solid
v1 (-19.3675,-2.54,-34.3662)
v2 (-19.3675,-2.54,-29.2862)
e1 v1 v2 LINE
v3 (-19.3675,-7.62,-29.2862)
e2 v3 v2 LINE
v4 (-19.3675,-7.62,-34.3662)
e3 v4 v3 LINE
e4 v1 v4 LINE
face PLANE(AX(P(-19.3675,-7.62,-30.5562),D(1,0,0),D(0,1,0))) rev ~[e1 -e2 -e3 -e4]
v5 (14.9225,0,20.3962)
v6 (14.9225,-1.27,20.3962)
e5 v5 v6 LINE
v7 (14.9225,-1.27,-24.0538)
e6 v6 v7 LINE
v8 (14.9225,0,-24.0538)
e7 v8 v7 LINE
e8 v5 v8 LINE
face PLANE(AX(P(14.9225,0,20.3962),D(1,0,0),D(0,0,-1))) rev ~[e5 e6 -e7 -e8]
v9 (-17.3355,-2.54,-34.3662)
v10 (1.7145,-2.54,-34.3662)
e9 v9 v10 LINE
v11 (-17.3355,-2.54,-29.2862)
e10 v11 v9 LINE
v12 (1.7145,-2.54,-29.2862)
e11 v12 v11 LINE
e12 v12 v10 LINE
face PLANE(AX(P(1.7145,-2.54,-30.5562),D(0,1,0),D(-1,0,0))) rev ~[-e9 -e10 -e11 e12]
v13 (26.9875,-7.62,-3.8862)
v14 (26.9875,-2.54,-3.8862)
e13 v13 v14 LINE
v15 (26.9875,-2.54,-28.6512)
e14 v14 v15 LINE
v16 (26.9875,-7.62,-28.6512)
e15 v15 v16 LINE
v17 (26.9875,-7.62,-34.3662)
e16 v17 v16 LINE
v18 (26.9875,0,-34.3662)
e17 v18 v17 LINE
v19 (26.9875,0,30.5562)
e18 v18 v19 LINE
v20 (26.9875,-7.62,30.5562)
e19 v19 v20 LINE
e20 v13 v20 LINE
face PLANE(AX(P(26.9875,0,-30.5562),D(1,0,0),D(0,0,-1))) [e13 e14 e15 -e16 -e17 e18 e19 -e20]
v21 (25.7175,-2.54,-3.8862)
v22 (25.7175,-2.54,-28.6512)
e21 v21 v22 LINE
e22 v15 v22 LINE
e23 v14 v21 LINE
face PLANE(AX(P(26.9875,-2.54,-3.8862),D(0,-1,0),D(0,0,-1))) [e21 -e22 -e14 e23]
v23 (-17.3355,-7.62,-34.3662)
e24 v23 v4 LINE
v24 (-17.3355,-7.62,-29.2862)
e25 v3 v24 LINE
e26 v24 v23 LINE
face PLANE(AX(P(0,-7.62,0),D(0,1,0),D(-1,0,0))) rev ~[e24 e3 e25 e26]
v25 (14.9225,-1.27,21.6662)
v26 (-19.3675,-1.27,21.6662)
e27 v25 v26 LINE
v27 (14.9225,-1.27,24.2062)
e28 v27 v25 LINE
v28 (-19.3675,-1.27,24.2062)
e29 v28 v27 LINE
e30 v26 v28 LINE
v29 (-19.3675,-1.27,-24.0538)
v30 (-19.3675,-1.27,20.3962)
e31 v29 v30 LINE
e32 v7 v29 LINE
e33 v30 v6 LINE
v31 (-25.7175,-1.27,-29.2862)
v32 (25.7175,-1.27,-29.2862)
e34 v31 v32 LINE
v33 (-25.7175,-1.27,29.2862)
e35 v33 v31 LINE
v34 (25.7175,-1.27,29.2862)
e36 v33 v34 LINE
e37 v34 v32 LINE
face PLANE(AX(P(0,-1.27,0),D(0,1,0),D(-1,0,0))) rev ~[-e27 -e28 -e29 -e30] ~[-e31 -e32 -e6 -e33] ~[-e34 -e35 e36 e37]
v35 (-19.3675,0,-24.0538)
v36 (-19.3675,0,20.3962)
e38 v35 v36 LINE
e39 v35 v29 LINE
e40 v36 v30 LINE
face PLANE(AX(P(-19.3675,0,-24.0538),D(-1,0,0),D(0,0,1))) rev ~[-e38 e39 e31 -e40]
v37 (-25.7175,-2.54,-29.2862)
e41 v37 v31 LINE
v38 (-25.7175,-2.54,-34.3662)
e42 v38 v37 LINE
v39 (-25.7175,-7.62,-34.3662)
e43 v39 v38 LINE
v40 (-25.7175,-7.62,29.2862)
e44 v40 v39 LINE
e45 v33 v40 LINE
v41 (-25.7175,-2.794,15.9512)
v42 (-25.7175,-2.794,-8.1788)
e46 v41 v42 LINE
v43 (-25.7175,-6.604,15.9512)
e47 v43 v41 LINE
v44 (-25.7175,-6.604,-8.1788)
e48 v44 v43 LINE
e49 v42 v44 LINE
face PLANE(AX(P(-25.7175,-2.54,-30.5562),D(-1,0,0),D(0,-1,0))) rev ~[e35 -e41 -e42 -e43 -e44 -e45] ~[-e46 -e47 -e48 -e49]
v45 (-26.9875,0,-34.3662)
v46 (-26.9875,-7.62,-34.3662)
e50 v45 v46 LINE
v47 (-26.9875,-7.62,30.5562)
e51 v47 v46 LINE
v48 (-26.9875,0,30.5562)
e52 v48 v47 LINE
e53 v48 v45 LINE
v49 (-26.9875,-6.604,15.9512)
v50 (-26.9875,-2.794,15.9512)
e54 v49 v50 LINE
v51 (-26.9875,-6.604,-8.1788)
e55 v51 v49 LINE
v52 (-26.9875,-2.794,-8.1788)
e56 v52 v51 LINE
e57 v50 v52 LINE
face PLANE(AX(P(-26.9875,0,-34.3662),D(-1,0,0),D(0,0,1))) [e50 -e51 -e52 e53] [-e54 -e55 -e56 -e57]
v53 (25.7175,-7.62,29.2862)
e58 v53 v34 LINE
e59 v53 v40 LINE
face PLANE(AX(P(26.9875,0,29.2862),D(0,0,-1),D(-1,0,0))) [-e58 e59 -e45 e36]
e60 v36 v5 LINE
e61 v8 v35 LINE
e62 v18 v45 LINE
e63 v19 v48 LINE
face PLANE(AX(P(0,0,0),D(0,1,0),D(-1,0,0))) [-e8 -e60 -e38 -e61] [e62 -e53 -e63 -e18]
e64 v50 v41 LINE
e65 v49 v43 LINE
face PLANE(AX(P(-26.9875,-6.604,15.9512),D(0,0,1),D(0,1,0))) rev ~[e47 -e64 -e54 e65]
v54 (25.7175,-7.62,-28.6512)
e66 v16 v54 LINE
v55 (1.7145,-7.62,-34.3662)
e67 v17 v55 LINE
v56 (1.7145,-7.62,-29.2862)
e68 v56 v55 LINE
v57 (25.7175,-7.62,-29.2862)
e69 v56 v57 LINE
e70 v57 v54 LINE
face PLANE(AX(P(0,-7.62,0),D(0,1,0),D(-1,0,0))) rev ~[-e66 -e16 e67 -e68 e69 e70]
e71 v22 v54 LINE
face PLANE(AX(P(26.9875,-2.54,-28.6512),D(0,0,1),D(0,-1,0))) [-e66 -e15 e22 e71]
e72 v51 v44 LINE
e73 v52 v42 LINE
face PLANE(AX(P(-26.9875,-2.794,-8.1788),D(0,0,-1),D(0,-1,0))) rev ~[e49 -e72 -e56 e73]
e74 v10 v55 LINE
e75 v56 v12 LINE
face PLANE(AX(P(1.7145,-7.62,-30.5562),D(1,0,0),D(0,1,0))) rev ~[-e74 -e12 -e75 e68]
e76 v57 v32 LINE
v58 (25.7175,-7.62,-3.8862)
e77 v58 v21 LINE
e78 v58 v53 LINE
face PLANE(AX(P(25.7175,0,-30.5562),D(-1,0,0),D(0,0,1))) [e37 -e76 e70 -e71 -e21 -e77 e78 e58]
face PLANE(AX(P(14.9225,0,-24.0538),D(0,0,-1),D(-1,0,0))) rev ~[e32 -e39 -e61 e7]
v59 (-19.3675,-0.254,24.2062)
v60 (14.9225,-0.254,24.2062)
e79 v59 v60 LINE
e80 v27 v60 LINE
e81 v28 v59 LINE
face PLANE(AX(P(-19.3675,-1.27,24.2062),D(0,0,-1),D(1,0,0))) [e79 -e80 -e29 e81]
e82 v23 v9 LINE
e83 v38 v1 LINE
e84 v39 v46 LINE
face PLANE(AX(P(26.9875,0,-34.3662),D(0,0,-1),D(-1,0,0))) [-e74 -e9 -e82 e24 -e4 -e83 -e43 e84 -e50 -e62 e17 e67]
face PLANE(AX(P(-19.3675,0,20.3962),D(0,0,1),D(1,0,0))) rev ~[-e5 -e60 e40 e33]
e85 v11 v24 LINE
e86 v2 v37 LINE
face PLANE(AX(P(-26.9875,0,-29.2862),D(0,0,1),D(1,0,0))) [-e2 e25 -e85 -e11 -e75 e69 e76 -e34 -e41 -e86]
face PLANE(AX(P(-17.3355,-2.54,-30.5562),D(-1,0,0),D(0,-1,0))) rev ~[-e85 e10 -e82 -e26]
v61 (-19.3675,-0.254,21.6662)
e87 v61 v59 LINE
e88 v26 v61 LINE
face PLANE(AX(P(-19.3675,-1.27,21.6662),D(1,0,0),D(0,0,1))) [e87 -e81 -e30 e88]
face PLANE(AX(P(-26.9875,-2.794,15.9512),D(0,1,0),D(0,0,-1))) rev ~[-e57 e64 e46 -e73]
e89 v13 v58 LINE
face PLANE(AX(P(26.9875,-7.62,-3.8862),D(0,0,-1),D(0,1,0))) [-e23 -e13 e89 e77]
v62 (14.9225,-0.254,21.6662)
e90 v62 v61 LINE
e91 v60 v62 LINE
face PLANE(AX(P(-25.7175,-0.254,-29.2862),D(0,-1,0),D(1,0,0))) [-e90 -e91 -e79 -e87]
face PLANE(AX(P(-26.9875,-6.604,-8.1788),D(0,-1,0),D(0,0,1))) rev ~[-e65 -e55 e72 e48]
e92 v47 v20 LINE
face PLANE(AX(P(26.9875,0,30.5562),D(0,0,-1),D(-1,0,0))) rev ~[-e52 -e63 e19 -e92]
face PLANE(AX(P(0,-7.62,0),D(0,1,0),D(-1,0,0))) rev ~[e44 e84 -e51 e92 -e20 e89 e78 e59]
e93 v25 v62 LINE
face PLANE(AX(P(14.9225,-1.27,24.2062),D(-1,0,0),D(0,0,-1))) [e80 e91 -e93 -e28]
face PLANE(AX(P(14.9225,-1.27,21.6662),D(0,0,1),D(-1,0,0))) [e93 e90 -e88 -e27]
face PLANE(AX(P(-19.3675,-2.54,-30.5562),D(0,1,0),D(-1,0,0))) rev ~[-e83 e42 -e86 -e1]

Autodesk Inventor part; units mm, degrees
ref_plane "YZ Plane" through (0, 0, 0) normal (1, 0, 0) x (0, 1, 0)
ref_plane "XZ Plane" through (0, 0, 0) normal (0, 1, 0) x (-1, 0, 0)
ref_plane "XY Plane" through (0, 0, 0) normal (0, 0, 1) x (1, 0, 0)
sketch "Top Plate" plane through (0, 0, 0) normal (0, 1, 0) x (-1, 0, 0)
  line L0 (-26.9875, 30.5562) -> (26.9875, 30.5562)
  line L1 (26.9875, 30.5562) -> (26.9875, -30.5562)
  line L2 (26.9875, -30.5562) -> (-26.9875, -30.5562)
  line L3 (-26.9875, -30.5562) -> (-26.9875, 30.5562)
  line L4 (-26.9875, 30.5562) -> (26.9875, -30.5562) construction
  line L5 (26.9875, 30.5562) -> (-26.9875, -30.5562) construction
  line L6 (19.3675, 20.3962) -> (-14.9225, 20.3962)
  line L7 (-14.9225, 20.3962) -> (-14.9225, -24.0538)
  line L8 (-14.9225, -24.0538) -> (19.3675, -24.0538)
  line L9 (19.3675, -24.0538) -> (19.3675, 20.3962)
  line L10 (18.9103, 30.5562) -> (18.2753, 30.5562)
  line L11 (12.3825, 28.0162) -> (13.0175, 28.0162)
  line L12 (13.0175, 28.0162) -> (13.0175, 30.5562)
  line L13 (13.0175, 30.5562) -> (12.3825, 30.5562)
  line L14 (12.3825, 30.5562) -> (12.3825, 28.0162)
  line L15 (26.9875, -30.5562) -> (-26.9875, -30.5562)
  line L16 (-26.9875, -30.5562) -> (-26.9875, -34.3662)
  line L17 (-26.9875, -34.3662) -> (26.9875, -34.3662)
  line L18 (26.9875, -34.3662) -> (26.9875, -30.5562)
  point P0 (0, 0)
  dimension "d0" = 53.975
  dimension "d1" = 61.1124
  dimension "d7" = 44.45
  dimension "d8" = 34.29
  dimension "d9" = 7.62
  dimension "d10" = 10.16
  dimension "d48" = 0.635
  dimension "d49" = 6.35
  dimension "d50" = 2.54
  dimension "d77" = 3.81
extrude "Top Plate Ext" add sketch "Top Plate" against normal blind 7.62 contours L0 L14 L11 L12 L1 L2 L3 | L0 L12 L11 L14 | L9 L8 L7 L6
shell "Top Plate Shell" thickness 1.27 removed faces 1 at (8.9958, -7.62, 10.1854)
extrude "Display Cutout" cut sketch "Top Plate" against normal blind 1.27 contours L9 L8 L7 L6
sketch "Power Btn" plane through (26.9875, 0, 30.5562) normal (1, 0, 0) x (0, 0, -1)
  line L0 (59.8424, -7.62) -> (1.27, -7.62) projected
  line L1 (59.2074, -7.62) -> (34.4424, -7.62)
  line L2 (34.4424, -7.62) -> (34.4424, -2.54)
  line L3 (34.4424, -2.54) -> (59.2074, -2.54)
  line L4 (59.2074, -2.54) -> (59.2074, -7.62)
  line L5 (61.1124, 0) -> (61.1124, -7.62) projected
  line L6 (61.1124, 0) -> (0, 0) projected
  point P0 (30.5562, 0)
  dimension "d18" = 1.905
  dimension "d19" = 24.765
  dimension "d20" = 2.54
sketch "Dial/Vol" plane through (26.9875, 0, -30.5562) normal (0, 0, -1) x (-1, 0, 0)
  line L0 (53.975, -7.62) -> (0, -7.62) projected
  line L1 (52.705, -7.62) -> (46.355, -7.62)
  line L2 (46.355, -7.62) -> (46.355, -2.54)
  line L3 (46.355, -2.54) -> (52.705, -2.54)
  line L4 (52.705, -2.54) -> (52.705, -7.62)
  line L5 (53.975, 0) -> (0, 0) projected
  line L6 (52.705, -1.27) -> (52.705, -7.62) projected
  line L7 (1.27, -7.62) -> (52.705, -7.62) projected
  line L8 (44.323, -7.62) -> (25.273, -7.62)
  line L9 (25.273, -7.62) -> (25.273, -2.54)
  line L10 (25.273, -2.54) -> (44.323, -2.54)
  line L11 (44.323, -2.54) -> (44.323, -7.62)
  point P0 (26.9875, 0)
  dimension "d23" = 2.54
  dimension "d24" = 6.35
  dimension "d25" = 2.032
  dimension "d26" = 19.05
extrude "Power Cutout" cut sketch "Power Btn" against normal blind 1.27
extrude "Dial/Vol Cutout1" cut sketch "Dial/Vol" along normal blind 3.81 and the other way blind 1.27
sketch "SD Port" plane through (-26.9875, 0, -30.5562) normal (-1, 0, 0) x (0, 0, 1)
  line L0 (22.3774, -6.604) -> (46.5074, -6.604)
  line L1 (46.5074, -6.604) -> (46.5074, -2.794)
  line L2 (46.5074, -2.794) -> (22.3774, -2.794)
  line L3 (22.3774, -2.794) -> (22.3774, -6.604)
  line L4 (61.1124, 0) -> (0, 0) projected
  point P0 (30.5562, 0)
  point P1 (50.9524, 0)
  dimension "d31" = 2.794
  dimension "d32" = 3.81
  dimension "d33" = 24.13
  dimension "d34" = 4.445
extrude "SD Port Cutout" cut sketch "SD Port" against normal blind 1.27
sketch "Display Pins" plane through (-25.7175, -1.27, -29.2862) normal (0, -1, 0) x (1, 0, 0)
  line L0 (40.64, 50.9524) -> (6.35, 50.9524)
  line L1 (6.35, 50.9524) -> (6.35, 53.4924)
  line L2 (6.35, 53.4924) -> (40.64, 53.4924)
  line L3 (40.64, 53.4924) -> (40.64, 50.9524)
  line L4 (40.64, 49.6824) -> (40.64, 5.2324) projected
  line L5 (6.35, 5.2324) -> (6.35, 49.6824) projected
  point P0 (25.7175, 29.2862)
  dimension "d56" = 1.27
  dimension "d57" = 2.54
extrude "Display Pins Cutout" cut sketch "Display Pins" against normal blind 1.016
extrude "M3 Screw Ext" add sketch "Top Plate" against normal blind 7.62 contours L2 L18 L17 L16
extrude "Dial/Vol Cutout2" cut sketch "Dial/Vol" along normal blind 7.62
properties part number "lisa"
